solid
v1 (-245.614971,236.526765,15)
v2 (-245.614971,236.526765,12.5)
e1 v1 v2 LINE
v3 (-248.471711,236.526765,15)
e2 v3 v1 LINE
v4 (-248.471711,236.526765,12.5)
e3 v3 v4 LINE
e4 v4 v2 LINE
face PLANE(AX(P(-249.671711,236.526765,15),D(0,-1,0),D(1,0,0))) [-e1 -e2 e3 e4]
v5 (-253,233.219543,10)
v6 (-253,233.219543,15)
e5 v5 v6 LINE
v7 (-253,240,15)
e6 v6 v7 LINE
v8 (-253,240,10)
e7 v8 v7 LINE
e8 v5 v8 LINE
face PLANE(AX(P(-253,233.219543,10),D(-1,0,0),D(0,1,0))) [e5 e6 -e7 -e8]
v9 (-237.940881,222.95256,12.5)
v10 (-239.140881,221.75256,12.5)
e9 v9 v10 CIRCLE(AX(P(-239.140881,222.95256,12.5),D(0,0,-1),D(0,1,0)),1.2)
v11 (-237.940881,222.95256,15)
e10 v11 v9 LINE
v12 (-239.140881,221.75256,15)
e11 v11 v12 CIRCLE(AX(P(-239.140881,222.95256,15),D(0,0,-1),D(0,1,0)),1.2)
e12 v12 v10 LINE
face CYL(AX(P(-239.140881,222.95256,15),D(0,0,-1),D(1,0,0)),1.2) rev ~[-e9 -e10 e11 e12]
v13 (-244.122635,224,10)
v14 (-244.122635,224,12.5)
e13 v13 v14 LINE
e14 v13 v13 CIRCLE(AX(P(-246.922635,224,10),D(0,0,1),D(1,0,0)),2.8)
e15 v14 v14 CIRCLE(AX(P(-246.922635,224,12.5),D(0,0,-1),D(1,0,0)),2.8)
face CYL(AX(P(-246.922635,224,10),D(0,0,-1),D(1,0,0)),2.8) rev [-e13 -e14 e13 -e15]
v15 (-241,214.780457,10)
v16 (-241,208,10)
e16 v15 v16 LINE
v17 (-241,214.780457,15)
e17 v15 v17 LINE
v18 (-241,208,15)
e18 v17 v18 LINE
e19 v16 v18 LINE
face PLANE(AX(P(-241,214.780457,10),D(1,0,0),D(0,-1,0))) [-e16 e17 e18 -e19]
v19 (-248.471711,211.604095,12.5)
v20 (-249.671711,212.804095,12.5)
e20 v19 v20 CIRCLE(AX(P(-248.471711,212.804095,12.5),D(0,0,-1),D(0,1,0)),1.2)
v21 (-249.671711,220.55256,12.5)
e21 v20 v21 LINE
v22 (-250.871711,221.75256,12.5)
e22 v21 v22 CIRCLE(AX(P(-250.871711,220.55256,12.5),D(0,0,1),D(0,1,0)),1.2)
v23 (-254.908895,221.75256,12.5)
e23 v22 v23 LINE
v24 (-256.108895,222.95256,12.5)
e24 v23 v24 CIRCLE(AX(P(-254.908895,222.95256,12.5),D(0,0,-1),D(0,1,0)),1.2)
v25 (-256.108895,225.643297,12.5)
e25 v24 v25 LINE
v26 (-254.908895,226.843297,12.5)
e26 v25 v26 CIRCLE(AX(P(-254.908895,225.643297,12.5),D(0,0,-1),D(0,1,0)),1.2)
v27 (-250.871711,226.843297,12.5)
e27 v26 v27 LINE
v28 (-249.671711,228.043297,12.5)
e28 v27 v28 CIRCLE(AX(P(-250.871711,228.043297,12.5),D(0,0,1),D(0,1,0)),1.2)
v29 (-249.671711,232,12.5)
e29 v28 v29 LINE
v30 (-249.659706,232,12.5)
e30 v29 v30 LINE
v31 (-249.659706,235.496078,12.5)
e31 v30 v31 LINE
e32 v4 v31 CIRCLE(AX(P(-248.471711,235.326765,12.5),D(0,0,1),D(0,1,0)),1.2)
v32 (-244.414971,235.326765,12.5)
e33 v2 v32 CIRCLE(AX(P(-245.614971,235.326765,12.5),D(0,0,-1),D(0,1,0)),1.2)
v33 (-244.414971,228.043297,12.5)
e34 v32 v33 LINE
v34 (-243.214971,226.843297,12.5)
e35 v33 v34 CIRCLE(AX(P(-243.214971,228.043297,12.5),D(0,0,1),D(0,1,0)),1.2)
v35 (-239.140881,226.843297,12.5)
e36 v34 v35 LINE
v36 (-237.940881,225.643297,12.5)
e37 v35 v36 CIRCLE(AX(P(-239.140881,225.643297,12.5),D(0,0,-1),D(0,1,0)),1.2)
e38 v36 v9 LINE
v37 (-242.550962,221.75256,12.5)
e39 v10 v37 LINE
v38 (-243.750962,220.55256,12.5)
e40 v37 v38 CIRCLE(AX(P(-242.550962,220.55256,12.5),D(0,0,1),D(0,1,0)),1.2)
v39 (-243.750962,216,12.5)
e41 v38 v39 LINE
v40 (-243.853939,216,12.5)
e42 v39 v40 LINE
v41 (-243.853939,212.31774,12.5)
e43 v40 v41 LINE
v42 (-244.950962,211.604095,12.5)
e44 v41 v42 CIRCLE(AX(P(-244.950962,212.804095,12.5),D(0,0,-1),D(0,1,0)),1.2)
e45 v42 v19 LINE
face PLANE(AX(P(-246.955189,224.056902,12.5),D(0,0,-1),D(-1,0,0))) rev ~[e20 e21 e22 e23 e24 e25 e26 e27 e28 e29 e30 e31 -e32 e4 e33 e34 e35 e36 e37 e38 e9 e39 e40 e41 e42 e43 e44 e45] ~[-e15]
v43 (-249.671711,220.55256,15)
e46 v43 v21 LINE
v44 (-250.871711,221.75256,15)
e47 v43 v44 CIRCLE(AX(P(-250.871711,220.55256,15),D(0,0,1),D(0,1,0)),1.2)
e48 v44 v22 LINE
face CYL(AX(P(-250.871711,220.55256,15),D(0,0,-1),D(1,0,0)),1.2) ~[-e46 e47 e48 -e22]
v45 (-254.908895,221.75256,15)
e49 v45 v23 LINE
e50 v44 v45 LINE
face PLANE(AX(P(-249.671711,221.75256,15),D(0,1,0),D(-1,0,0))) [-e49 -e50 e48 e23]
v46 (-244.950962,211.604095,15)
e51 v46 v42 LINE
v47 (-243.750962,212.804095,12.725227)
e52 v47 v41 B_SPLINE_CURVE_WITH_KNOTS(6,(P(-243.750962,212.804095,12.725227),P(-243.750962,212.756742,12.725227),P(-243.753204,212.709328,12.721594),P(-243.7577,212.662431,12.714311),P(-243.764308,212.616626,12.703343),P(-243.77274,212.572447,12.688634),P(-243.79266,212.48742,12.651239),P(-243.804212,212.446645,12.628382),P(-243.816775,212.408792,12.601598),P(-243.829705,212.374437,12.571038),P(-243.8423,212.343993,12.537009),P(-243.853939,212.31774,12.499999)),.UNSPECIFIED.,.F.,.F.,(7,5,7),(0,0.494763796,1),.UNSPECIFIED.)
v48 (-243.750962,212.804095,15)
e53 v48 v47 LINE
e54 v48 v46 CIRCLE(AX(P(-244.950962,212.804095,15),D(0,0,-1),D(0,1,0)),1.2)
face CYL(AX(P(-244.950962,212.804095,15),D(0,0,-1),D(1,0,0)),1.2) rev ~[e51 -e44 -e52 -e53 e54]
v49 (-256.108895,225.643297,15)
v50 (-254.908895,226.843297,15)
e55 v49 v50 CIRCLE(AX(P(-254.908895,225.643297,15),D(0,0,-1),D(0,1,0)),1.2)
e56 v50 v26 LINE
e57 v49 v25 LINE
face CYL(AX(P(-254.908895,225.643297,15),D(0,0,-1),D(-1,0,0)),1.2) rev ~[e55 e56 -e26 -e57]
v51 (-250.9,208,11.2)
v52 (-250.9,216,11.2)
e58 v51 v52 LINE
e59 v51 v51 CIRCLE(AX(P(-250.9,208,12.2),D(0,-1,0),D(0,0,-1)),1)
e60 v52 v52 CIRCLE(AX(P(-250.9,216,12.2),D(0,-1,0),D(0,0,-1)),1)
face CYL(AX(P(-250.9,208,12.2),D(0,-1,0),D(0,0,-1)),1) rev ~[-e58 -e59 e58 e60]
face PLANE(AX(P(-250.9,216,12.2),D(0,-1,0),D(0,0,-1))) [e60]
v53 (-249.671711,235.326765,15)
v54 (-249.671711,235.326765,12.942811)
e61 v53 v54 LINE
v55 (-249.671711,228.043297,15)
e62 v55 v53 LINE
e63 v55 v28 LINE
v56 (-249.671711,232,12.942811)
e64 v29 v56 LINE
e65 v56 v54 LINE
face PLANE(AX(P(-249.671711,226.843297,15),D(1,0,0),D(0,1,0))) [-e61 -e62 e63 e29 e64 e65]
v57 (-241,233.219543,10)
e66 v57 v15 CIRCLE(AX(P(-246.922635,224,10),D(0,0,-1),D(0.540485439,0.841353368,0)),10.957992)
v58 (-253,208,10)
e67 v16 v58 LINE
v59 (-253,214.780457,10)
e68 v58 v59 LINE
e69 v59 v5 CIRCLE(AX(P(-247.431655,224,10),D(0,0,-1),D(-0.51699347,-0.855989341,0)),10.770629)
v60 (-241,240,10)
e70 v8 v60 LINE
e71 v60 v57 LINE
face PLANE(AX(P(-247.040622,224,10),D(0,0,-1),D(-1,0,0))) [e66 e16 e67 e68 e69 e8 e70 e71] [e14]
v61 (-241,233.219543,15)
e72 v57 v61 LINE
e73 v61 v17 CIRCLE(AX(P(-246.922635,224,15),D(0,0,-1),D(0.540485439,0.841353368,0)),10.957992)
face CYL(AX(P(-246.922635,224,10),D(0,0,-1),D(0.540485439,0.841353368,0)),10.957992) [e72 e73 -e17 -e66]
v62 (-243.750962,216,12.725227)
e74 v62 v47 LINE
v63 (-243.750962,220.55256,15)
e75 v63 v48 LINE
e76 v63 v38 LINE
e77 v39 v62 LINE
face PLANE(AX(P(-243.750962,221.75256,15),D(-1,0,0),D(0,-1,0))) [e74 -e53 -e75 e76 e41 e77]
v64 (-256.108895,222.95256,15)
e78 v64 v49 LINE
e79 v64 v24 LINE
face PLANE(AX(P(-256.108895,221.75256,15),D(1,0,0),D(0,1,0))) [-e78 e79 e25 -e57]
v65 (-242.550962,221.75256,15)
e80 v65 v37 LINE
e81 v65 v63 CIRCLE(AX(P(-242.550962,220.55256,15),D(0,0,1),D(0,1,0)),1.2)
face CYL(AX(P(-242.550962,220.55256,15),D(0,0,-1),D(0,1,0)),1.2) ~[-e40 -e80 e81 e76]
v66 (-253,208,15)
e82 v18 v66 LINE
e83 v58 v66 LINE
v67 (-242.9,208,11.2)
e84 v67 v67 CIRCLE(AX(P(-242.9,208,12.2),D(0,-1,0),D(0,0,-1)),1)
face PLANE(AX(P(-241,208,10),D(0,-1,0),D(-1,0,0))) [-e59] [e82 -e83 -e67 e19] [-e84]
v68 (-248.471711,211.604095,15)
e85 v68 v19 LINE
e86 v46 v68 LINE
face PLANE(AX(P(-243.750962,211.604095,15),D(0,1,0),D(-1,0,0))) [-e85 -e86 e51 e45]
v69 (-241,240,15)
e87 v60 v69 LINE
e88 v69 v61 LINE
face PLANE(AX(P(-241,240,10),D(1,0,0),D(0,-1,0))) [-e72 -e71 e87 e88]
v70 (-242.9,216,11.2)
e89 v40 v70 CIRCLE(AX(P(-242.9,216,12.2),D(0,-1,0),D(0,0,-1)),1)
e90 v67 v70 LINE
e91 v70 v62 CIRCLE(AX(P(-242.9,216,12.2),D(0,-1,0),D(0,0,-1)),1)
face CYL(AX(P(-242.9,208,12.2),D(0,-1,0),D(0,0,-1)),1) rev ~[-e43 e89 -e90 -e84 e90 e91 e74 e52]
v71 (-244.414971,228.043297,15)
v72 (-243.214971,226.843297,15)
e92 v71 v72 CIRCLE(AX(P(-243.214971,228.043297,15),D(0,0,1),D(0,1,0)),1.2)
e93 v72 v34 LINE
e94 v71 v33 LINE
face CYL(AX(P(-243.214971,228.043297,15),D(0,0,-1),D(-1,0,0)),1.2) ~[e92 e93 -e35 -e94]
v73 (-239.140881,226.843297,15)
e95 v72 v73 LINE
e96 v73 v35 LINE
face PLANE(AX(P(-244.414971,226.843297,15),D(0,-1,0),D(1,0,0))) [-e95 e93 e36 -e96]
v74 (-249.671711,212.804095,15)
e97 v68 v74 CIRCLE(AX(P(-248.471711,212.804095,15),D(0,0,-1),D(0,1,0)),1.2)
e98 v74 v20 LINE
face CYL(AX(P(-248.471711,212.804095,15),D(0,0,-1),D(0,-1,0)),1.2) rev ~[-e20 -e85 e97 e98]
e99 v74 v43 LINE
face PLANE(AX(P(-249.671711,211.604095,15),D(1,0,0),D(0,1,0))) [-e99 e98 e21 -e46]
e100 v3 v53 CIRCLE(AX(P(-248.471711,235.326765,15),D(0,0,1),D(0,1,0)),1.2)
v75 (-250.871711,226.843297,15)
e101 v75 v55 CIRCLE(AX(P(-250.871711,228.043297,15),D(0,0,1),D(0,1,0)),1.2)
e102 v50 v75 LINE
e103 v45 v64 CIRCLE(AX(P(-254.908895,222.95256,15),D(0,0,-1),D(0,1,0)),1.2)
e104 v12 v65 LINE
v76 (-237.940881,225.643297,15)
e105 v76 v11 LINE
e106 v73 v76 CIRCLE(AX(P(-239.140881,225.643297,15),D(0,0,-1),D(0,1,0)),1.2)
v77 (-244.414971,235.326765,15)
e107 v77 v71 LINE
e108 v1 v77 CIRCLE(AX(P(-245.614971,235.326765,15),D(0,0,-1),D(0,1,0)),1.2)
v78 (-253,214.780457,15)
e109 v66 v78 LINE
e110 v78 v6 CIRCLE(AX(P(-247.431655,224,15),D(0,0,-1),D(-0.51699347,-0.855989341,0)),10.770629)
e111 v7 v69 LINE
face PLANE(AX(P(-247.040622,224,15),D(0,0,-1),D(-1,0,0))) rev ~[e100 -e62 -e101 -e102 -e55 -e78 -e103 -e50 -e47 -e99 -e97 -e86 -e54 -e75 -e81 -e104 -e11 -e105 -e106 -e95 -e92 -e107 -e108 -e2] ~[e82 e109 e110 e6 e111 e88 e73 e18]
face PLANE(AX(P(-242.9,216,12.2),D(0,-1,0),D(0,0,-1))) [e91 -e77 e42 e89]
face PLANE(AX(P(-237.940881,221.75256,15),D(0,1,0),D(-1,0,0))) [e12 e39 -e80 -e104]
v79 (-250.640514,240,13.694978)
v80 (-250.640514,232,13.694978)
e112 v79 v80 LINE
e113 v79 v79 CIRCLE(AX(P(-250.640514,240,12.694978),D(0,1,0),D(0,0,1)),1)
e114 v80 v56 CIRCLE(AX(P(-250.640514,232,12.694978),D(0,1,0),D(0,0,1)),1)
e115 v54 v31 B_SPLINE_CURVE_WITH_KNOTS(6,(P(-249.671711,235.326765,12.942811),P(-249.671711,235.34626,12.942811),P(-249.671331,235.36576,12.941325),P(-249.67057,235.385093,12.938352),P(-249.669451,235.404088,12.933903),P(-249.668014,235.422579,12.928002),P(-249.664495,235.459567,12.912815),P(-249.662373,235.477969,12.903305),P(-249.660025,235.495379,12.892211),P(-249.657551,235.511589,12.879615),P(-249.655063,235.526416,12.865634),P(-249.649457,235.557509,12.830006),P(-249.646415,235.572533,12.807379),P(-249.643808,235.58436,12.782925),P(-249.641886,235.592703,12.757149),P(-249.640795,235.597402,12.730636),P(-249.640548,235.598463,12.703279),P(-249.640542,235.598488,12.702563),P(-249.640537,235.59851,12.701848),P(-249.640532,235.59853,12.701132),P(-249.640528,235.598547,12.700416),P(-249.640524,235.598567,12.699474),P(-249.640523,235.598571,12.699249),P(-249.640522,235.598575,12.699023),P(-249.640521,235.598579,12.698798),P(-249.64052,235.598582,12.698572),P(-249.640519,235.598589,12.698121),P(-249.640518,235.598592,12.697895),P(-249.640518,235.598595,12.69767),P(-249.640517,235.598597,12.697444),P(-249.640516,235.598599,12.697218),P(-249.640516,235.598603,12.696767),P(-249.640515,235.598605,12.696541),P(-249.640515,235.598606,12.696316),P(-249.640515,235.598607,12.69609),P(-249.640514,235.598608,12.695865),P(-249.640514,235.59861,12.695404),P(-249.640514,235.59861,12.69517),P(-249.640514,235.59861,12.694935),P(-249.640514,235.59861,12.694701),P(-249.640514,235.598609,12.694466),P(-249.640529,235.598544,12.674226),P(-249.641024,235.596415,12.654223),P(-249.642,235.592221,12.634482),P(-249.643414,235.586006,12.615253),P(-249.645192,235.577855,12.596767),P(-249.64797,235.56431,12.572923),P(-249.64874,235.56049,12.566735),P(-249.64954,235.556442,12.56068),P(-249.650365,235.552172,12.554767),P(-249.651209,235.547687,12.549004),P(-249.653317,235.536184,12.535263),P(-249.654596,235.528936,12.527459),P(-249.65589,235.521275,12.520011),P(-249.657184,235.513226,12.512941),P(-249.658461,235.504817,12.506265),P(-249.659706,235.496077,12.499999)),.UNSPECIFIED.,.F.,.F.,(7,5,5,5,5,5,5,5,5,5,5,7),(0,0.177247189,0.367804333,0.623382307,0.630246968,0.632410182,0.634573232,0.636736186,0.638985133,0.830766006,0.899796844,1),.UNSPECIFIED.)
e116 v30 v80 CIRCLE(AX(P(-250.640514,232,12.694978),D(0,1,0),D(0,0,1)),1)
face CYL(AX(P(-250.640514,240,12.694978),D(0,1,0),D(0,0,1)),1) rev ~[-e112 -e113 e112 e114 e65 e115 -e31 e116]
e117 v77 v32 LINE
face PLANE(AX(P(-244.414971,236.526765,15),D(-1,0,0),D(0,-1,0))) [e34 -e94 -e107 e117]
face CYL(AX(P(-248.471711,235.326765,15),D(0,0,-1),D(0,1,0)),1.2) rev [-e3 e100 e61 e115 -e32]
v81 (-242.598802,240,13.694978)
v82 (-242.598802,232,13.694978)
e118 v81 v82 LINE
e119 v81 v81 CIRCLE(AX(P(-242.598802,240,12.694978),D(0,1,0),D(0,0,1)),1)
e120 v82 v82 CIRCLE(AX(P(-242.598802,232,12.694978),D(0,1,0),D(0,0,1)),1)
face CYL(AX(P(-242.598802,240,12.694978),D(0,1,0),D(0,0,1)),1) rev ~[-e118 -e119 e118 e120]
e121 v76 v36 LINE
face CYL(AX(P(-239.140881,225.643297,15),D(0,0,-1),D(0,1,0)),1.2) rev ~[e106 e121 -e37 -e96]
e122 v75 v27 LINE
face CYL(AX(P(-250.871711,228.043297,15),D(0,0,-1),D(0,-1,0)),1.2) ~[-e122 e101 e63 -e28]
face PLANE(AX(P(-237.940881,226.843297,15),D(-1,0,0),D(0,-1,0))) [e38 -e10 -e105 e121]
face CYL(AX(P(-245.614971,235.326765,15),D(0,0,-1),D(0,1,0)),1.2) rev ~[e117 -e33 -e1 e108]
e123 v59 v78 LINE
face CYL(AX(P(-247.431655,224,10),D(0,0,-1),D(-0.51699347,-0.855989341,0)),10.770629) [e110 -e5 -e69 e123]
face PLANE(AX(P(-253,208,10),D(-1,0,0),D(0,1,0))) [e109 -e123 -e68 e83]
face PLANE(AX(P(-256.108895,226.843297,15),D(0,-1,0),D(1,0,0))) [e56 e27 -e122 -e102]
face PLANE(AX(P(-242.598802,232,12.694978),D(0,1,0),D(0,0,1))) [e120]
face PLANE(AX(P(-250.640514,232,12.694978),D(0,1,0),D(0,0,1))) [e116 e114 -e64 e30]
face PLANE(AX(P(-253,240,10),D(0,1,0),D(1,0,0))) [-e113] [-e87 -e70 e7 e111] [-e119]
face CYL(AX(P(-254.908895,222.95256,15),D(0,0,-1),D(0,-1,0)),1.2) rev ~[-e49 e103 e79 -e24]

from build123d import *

# Parameters (mm, degrees)
SKETCH1_R           = 2.8
BOSS_EXTRUDE1_DEPTH = 5
CUT_EXTRUDE1_DEPTH  = 2.5
FILLET1_R           = 1.2
SKETCH3_R           = 1
CUT_EXTRUDE2_DEPTH  = 8
SKETCH4_R           = 1
CUT_EXTRUDE3_DEPTH  = 8


with BuildPart() as part:
    # Sketch1 → Boss-Extrude1 (new body)
    with BuildSketch(Plane.XY.offset(10)):
        with BuildLine():
            Line((-253, 240), (-241, 240))
            Line((-241, 240), (-241, 233.219543457))
            ThreePointArc((-241, 233.219543457), (-235.964643127, 224), (-241, 214.780456543))
            Line((-241, 214.780456543), (-241, 208))
            Line((-241, 208), (-253, 208))
            Line((-253, 208), (-253, 214.780456543))
            ThreePointArc((-253, 214.780456543), (-258.20228405, 224), (-253, 233.219543457))
            Line((-253, 233.219543457), (-253, 240))
        make_face()
        with Locations((-246.922635101, 224)):
            Circle(SKETCH1_R, mode=Mode.SUBTRACT)
    extrude(amount=BOSS_EXTRUDE1_DEPTH)

    # Sketch2 → Cut-Extrude1 (cut)
    with BuildSketch(Plane.XY.offset(15)):
        Polygon((-249.671711, 236.526764937), (-244.414971283, 236.526764937), (-244.414971283, 226.843297037), (-237.940881316, 226.843297037), (-237.940881316, 221.752559627), (-243.750962055, 221.752559627), (-243.750962055, 211.604094919), (-249.671711, 211.604094919), (-249.671711, 221.752559627), (-256.108895334, 221.752559627), (-256.108895334, 226.843297037), (-249.671711, 226.843297037), align=None)
    extrude(amount=-CUT_EXTRUDE1_DEPTH, mode=Mode.SUBTRACT)

    # Fillet1
    fillet1_edges = [part.edges().sort_by_distance(p)[0] for p in [
        (-249.671711, 226.843297037, 13.75),
        (-249.671711, 236.526764937, 13.75),
        (-244.414971283, 236.526764937, 13.75),
        (-244.414971283, 226.843297037, 13.75),
        (-237.940881316, 226.843297037, 13.75),
        (-237.940881316, 221.752559627, 13.75),
        (-243.750962055, 221.752559627, 13.75),
        (-243.750962055, 211.604094919, 13.75),
        (-249.671711, 211.604094919, 13.75),
        (-249.671711, 221.752559627, 13.75),
        (-256.108895334, 221.752559627, 13.75),
        (-256.108895334, 226.843297037, 13.75),
    ]]
    fillet(fillet1_edges, radius=FILLET1_R)

    # Sketch3 → Cut-Extrude2 (cut)
    with BuildSketch(Plane(origin=(0, 208, 0), x_dir=(-1, 0, 0), z_dir=(0, -1, 0))):
        with Locations(Location((250.9, -12.2, 0), (0, 0, 90))):
            Circle(SKETCH3_R)
        with Locations(Location((242.9, -12.2, 0), (0, 0, 90))):
            Circle(SKETCH3_R)
    extrude(amount=-CUT_EXTRUDE2_DEPTH, mode=Mode.SUBTRACT)

    # Sketch4 → Cut-Extrude3 (cut)
    with BuildSketch(Plane(origin=(0, 240, 0), x_dir=(1, 0, 0), z_dir=(0, 1, 0))):
        with Locations(Location((-242.598801613, -12.694978247, 0), (0, 0, 270))):
            Circle(SKETCH4_R)
        with Locations(Location((-250.64051394, -12.694978247, 0), (0, 0, 270))):
            Circle(SKETCH4_R)
    extrude(amount=-CUT_EXTRUDE3_DEPTH, mode=Mode.SUBTRACT)


solid = part.part
